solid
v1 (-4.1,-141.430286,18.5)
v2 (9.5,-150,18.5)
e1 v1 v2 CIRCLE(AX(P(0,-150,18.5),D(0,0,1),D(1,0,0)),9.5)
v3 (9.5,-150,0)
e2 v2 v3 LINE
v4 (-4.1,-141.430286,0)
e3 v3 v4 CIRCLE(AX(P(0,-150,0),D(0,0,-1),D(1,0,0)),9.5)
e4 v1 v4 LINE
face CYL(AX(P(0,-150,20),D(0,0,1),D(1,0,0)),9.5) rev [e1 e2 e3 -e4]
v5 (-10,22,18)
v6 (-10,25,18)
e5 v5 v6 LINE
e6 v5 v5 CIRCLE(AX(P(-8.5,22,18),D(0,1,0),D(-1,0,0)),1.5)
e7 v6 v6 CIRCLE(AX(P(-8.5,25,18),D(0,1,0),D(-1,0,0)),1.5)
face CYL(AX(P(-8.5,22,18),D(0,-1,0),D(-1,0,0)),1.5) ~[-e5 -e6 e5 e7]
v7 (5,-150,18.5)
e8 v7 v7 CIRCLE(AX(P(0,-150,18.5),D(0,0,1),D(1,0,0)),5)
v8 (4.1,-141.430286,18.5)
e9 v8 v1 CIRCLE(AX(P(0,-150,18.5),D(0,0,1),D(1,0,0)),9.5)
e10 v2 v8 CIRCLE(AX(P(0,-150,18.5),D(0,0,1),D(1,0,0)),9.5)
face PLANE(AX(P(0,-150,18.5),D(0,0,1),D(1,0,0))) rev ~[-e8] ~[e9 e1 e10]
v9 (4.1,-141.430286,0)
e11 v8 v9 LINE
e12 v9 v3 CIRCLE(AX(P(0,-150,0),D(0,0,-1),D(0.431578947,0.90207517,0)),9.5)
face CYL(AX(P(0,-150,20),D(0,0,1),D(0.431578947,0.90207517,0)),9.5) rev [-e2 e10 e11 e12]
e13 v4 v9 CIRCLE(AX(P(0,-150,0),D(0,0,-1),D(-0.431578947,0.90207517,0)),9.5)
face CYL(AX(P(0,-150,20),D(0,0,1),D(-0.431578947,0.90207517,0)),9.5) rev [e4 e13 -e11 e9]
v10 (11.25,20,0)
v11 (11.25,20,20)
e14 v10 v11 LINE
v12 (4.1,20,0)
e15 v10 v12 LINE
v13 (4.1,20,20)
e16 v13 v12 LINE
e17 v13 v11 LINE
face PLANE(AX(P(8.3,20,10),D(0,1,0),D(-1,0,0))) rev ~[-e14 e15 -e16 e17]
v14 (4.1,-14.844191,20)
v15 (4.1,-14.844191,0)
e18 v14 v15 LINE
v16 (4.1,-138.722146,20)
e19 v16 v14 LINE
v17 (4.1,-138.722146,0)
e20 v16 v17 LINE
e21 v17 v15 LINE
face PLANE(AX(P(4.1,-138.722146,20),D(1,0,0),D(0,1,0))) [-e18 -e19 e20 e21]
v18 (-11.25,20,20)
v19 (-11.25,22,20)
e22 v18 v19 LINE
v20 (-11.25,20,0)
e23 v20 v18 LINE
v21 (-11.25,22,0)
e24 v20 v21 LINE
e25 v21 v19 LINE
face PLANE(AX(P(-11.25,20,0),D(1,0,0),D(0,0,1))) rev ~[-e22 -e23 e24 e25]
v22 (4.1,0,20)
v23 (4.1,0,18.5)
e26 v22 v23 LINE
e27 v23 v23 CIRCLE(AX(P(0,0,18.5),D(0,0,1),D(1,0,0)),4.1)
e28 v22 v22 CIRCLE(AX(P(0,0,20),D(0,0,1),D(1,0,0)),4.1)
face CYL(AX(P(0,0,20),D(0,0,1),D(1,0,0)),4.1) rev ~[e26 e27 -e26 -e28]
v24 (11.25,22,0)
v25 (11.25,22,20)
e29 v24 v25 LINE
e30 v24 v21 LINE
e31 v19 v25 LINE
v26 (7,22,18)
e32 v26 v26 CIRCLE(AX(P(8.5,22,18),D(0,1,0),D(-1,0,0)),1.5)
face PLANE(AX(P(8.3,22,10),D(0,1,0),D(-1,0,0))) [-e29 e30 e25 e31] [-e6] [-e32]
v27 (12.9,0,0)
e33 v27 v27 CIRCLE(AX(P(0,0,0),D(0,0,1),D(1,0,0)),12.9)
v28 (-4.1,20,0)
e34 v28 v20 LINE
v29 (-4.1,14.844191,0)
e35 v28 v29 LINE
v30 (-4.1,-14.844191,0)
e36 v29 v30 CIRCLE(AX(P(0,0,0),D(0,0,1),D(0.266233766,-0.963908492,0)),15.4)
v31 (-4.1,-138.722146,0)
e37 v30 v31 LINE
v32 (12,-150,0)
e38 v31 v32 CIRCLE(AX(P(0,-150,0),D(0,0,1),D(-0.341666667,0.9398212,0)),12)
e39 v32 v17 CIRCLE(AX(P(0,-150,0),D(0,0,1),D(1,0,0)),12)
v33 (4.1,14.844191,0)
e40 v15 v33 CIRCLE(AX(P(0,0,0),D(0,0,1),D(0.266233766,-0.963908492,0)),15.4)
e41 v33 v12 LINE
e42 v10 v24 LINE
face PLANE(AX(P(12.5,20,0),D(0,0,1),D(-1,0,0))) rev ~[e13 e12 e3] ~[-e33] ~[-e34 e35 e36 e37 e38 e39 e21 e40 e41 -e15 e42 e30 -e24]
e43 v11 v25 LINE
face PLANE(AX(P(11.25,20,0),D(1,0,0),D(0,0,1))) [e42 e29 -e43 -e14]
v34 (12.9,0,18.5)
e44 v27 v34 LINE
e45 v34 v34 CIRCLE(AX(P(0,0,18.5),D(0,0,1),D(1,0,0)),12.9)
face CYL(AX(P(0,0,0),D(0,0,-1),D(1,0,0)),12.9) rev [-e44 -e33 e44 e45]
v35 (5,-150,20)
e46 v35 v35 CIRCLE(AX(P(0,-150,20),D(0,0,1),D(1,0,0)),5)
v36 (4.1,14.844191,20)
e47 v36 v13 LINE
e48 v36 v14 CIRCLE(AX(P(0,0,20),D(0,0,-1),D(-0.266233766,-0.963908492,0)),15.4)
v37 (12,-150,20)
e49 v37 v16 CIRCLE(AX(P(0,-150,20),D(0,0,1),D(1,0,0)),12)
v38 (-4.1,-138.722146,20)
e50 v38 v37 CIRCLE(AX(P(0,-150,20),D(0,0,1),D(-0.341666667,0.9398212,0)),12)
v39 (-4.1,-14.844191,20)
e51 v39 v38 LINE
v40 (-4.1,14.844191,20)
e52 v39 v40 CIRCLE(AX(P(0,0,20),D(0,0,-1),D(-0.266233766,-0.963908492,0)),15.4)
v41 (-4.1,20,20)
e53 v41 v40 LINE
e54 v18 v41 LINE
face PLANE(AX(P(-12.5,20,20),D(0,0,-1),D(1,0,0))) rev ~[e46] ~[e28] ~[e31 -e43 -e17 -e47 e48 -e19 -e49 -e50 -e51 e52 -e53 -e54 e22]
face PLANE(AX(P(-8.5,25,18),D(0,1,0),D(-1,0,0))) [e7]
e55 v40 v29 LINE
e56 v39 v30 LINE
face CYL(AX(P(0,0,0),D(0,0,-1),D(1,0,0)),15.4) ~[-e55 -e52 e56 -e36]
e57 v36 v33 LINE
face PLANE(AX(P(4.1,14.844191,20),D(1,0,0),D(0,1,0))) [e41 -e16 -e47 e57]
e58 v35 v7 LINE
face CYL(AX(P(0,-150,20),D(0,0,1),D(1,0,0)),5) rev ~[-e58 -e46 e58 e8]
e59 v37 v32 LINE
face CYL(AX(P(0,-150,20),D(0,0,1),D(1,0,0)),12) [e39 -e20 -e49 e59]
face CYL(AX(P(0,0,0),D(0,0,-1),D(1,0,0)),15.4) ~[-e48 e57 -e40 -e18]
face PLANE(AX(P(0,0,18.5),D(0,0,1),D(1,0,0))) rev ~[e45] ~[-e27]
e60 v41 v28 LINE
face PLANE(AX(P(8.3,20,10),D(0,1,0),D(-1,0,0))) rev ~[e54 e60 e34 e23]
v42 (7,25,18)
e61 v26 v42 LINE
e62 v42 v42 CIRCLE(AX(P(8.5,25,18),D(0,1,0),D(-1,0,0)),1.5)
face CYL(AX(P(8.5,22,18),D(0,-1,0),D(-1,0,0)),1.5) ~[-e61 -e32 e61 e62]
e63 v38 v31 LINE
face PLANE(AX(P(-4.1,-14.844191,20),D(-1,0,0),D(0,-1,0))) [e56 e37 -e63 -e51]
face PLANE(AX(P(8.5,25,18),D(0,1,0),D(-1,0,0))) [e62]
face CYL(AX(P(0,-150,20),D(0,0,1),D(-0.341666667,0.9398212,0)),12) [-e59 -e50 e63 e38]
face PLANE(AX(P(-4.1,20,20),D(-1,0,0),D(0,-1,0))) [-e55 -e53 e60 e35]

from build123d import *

# Parameters (mm, degrees)
F0_R      = 15.4
F0_R_2    = 12.9
F1_DEPTH  = 20
F2_DEPTH  = 18.5
F3_R      = 4.1
F4_DEPTH  = 25
F6_DEPTH  = 20
F7_R      = 9.5
F7_R_2    = 5
F8_DEPTH  = 1.5
F9_DEPTH  = 20
F10_W     = 8.4
F10_H     = 20
F10_W_2   = 8.2
F11_DEPTH = 2
F12_R     = 1.5
F13_DEPTH = 3
F14_DEPTH = 1.25
F15_DEPTH = 1.25


with BuildPart() as f1:
    # F0 (on Top) → F1 (new body)
    with BuildSketch(Plane.XY):
        Circle(F0_R)
        Circle(F0_R_2, mode=Mode.SUBTRACT)
        Circle(F0_R_2)
    extrude(amount=F1_DEPTH)

    # F0 (on Top) → F2 (cut)
    with BuildSketch(Plane.XY):
        Circle(F0_R_2)
    extrude(amount=F2_DEPTH, mode=Mode.SUBTRACT)

    # F3 (on face) → F4 (cut)
    with BuildSketch(Plane.XY.offset(20)):
        Circle(F3_R)
    extrude(amount=-F4_DEPTH, mode=Mode.SUBTRACT)

    # F5 (on face) → F6 (join, through all)
    with BuildSketch(Plane.XY.offset(20)):
        with BuildLine():
            ThreePointArc((4.1, -14.8441907829), (0, -15.4), (-4.1, -14.8441907829))
            Line((-4.1, -14.8441907829), (-4.1, -138.7221455941))
            ThreePointArc((-4.1, -138.7221455941), (0, -138), (4.1, -138.7221455941))
            Line((4.1, -138.7221455941), (4.1, -14.8441907829))
        make_face()
        with BuildLine():
            ThreePointArc((4.1, -138.7221455941), (0, -138), (-4.1, -138.7221455941))
            Line((-4.1, -138.7221455941), (-4.1, -141.4302858857))
            ThreePointArc((-4.1, -141.4302858857), (0, -140.5), (4.1, -141.4302858857))
            Line((4.1, -141.4302858857), (4.1, -138.7221455941))
        make_face()
        with BuildLine():
            Line((-4.1, -141.4302858857), (-4.1, -138.7221455941))
            ThreePointArc((-4.1, -138.7221455941), (-6.8847657912, -159.8285299002), (12, -150))
            ThreePointArc((12, -150), (9.8285299002, -143.1152342088), (4.1, -138.7221455941))
            Line((4.1, -138.7221455941), (4.1, -141.4302858857))
            ThreePointArc((4.1, -141.4302858857), (8.037412519, -144.9354170952), (9.5, -150))
            ThreePointArc((9.5, -150), (-5.0645829048, -158.037412519), (-4.1, -141.4302858857))
        make_face()
    extrude(amount=-F6_DEPTH)

    # F7 (on face) → F8 (join, through all)
    with BuildSketch(Plane.XY.offset(20)):
        with Locations((0, -150)):
            Circle(F7_R)
        with Locations((0, -150)):
            Circle(F7_R_2, mode=Mode.SUBTRACT)
    extrude(amount=-F8_DEPTH)

    # F5 (on face) → F9 (join, through all)
    with BuildSketch(Plane.XY.offset(20)):
        with BuildLine():
            Line((-4.1, 20), (-4.1, 14.8441907829))
            ThreePointArc((-4.1, 14.8441907829), (0, 15.4), (4.1, 14.8441907829))
            Line((4.1, 14.8441907829), (4.1, 20))
            Line((4.1, 20), (-4.1, 20))
        make_face()
    extrude(amount=-F9_DEPTH)

    # F10 (on face) → F11 (join)
    with BuildSketch(Plane(origin=(0, 20, 0), x_dir=(-1, 0, 0), z_dir=(0, 1, 0))):
        with Locations((-8.3, 10)):
            Rectangle(F10_W, F10_H)
        with Locations((8.3, 10)):
            Rectangle(F10_W, F10_H)
        with Locations((0, 10)):
            Rectangle(F10_W_2, F10_H)
    extrude(amount=F11_DEPTH)

    # F12 (on face) → F13 (join)
    with BuildSketch(Plane(origin=(0, 22, 0), x_dir=(-1, 0, 0), z_dir=(0, 1, 0))):
        with Locations((-8.5, 18)):
            Circle(F12_R)
        with Locations((8.5, 18)):
            Circle(F12_R)
    extrude(amount=F13_DEPTH)

    # F14 (cut): a face of the model
    f14_faces = [f1.faces().sort_by_distance(p)[0] for p in [
        (12.5, 21, 10),
    ]]
    extrude(f14_faces, amount=-F14_DEPTH, mode=Mode.SUBTRACT)

    # F15 (cut): a face of the model
    f15_faces = [f1.faces().sort_by_distance(p)[0] for p in [
        (-12.5, 21, 10),
    ]]
    extrude(f15_faces, amount=-F15_DEPTH, mode=Mode.SUBTRACT)


solid = f1.part
